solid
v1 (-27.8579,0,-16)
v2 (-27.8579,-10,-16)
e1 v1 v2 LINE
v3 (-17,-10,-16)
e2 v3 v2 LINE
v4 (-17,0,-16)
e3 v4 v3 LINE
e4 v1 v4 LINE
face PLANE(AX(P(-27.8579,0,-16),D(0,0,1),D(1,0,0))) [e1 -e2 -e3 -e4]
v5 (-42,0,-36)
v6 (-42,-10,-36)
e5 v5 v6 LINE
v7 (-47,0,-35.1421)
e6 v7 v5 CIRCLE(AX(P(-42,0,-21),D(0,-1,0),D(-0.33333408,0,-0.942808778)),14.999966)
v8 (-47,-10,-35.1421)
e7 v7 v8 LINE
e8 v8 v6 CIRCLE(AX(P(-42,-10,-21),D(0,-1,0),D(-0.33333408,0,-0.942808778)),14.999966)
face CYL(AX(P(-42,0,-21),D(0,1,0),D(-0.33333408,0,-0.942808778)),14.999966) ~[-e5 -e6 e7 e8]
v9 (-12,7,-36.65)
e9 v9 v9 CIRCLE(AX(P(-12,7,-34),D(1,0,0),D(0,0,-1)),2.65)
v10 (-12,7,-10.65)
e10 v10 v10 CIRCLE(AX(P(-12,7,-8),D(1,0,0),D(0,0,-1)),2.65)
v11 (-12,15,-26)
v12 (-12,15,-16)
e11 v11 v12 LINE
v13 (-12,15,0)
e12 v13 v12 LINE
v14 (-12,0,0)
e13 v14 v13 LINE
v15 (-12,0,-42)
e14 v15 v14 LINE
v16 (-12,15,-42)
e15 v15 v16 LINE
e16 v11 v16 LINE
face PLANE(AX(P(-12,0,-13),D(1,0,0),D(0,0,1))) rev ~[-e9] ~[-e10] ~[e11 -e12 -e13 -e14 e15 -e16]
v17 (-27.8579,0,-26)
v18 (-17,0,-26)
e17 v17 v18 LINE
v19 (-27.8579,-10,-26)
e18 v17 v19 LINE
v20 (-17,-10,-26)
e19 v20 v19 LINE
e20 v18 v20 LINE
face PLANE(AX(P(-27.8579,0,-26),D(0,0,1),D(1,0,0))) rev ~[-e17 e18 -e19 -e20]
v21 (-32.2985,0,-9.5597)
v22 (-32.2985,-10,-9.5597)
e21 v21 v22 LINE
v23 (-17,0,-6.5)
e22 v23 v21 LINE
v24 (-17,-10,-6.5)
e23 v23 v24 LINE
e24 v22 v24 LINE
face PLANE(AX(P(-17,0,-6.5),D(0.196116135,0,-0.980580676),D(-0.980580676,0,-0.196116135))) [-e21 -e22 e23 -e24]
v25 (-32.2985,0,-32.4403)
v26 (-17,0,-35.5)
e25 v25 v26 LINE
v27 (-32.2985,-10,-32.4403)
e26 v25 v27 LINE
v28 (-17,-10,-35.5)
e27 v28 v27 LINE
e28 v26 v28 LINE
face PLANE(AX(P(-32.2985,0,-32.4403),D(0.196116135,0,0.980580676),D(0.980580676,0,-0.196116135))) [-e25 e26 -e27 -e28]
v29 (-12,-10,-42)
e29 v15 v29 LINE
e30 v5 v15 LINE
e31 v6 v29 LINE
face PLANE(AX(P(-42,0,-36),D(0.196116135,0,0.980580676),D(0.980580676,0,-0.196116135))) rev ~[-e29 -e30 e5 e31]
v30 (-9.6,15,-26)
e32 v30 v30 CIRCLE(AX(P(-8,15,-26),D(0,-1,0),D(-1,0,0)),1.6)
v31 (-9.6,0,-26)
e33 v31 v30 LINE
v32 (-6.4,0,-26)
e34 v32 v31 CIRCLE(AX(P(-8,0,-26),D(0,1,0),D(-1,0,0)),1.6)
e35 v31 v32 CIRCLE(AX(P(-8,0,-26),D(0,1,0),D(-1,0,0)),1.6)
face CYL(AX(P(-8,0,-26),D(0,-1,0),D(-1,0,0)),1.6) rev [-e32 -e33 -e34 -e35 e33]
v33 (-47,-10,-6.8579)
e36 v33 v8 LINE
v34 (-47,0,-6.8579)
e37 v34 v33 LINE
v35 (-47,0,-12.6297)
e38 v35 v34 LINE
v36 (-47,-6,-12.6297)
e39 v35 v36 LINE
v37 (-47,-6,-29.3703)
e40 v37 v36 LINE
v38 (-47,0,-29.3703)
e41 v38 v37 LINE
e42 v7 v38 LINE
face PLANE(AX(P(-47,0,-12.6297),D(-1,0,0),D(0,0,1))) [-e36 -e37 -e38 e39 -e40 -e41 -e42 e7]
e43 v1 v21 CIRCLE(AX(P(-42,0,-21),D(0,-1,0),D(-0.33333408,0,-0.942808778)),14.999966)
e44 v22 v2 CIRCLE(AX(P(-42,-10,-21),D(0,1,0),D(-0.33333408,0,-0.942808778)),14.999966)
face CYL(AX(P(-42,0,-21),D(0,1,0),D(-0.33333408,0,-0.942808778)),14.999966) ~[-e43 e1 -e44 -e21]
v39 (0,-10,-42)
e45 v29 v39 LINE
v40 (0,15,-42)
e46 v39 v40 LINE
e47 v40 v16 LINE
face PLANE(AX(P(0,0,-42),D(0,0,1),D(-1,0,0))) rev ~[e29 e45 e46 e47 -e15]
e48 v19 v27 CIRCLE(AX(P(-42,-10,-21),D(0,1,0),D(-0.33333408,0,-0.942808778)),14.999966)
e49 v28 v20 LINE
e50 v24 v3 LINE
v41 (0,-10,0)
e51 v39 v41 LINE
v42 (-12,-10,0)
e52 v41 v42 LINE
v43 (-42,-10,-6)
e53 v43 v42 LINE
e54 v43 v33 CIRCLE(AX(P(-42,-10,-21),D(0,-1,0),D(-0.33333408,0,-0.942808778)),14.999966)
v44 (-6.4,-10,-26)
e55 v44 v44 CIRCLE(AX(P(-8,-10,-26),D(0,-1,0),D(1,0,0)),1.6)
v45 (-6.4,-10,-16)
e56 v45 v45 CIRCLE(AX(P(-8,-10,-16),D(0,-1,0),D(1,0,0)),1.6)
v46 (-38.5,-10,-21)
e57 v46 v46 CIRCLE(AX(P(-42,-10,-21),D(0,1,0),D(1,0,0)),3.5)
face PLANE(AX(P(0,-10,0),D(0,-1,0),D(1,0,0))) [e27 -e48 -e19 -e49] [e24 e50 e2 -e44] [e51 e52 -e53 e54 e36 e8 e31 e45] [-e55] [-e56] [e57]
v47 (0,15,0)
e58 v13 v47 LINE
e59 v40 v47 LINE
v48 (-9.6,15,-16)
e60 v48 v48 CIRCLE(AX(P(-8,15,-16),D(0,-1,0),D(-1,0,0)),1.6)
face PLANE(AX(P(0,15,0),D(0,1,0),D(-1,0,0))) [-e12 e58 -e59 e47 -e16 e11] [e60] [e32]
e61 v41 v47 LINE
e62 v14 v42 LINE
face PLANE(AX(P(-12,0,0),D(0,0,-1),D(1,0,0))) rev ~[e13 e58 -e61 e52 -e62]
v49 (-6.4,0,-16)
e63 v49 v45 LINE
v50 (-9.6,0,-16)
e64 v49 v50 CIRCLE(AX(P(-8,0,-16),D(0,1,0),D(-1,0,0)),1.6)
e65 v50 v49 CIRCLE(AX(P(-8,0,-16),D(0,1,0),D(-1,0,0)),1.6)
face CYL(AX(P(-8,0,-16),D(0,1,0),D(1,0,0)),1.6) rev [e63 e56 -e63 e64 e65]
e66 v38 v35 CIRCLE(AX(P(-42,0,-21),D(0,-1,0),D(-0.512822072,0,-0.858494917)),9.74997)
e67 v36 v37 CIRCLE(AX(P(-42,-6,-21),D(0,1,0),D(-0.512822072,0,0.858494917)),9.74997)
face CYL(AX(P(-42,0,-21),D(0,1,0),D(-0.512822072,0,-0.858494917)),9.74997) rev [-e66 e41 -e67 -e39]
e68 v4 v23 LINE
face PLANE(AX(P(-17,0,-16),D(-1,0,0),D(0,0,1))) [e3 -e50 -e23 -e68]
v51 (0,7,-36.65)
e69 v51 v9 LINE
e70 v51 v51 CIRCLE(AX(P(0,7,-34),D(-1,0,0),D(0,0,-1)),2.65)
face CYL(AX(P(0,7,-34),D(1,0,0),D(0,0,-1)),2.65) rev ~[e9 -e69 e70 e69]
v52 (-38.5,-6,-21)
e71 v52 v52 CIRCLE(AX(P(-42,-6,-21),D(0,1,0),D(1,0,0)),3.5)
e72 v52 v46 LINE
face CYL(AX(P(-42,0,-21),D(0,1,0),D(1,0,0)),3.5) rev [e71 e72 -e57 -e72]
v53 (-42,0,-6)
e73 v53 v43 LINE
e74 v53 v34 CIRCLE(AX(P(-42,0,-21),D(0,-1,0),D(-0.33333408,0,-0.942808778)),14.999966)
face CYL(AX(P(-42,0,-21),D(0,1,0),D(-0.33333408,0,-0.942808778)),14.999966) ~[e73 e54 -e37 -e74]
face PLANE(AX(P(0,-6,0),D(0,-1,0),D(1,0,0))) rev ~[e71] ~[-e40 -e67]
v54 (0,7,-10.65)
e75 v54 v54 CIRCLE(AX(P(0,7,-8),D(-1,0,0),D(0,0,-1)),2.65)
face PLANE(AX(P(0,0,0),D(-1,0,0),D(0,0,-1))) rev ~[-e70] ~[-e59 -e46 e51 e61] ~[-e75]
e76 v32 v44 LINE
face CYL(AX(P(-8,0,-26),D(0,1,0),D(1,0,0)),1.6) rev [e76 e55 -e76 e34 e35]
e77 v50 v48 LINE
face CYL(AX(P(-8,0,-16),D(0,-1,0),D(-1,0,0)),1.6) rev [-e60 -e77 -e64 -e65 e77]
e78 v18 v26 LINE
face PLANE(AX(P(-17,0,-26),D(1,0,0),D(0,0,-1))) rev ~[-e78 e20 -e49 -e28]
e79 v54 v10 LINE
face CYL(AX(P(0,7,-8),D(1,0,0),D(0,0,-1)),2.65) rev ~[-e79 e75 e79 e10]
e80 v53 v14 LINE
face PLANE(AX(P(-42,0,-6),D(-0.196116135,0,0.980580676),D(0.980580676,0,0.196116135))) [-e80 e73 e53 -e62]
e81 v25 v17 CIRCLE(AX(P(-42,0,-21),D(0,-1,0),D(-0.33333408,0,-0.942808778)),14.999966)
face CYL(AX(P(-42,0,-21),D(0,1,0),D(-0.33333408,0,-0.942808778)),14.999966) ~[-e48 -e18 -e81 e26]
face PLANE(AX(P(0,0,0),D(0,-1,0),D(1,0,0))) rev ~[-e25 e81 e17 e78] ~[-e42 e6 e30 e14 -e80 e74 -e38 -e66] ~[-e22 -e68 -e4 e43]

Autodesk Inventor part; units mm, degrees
ref_plane "YZ Plane" through (0, 0, 0) normal (1, 0, 0) x (0, 1, 0)
ref_plane "XZ Plane" through (0, 0, 0) normal (0, 1, 0) x (-1, 0, 0)
ref_plane "XY Plane" through (0, 0, 0) normal (0, 0, 1) x (1, 0, 0)
sketch "Sketch1" plane through (0, 0, 0) normal (0, 1, 0) x (-1, 0, 0)
  line L0 (0, 0) -> (0, -42)
  line L1 (0, -42) -> (12, -42)
  line L2 (12, -42) -> (12, 0)
  line L3 (12, 0) -> (0, 0)
  line L4 (0, -21) -> (0, -26)
  line L5 (0, -21) -> (0, -16)
  line L6 (0, -16) -> (0, -19)
  line L7 (0, -16) -> (0, -13)
  line L8 (0, -26) -> (0, -23)
  line L9 (0, -26) -> (0, -29)
  line L10 (0, -29) -> (12, -29)
  line L11 (0, -13) -> (12, -13)
  line L12 (6.4, -16) -> (12, -16)
  line L13 (6.4, -26) -> (12, -26)
  line L14 (12, -16) -> (8, -16)
  circle A0 centre (8, -16) radius 1.6
  circle A1 centre (8, -26) radius 1.6
  line L15 (12, -26) -> (8, -26)
  dimension "d9" = 3.2
  dimension "d10" = 3.2
  dimension "d0" = 42
  dimension "d1" = 12
  dimension "d2" = 5
  dimension "d3" = 5
  dimension "d4" = 3
  dimension "d5" = 3
  dimension "d6" = 3
  dimension "d7" = 3
  dimension "d8" = 4
extrude "Extrusion1" add sketch "Sketch1" along normal blind 15
sketch "Sketch2" plane through (0, 0, 0) normal (0, -1, 0) x (1, 0, 0)
  line L0 (-12, 0) -> (-12, -42)
  line L1 (-12, -42) -> (-12, 0) projected
  line L2 (-12, -21) -> (-42, -21)
  circle A0 centre (-42, -21) radius 3.5
  arc A1 (-47, -35.1421) -> (-47, -6.8579) centre (-42, -21) ccw
  line L3 (-42, -21) -> (-47, -21)
  line L4 (-47, -21) -> (-47, -35.1421)
  line L5 (-47, -21) -> (-47, -6.8579)
  line L6 (-42, -36) -> (-12, -42)
  line L7 (-42, -6) -> (-12, 0)
  line L8 (-12, -42) -> (0, -42)
  line L9 (0, -42) -> (0, 0)
  line L10 (0, 0) -> (0, -42) projected
  line L11 (0, 0) -> (-12, 0)
  circle A2 centre (-8, -16) radius 1.6 projected
  circle A3 centre (-8, -16) radius 1.6
  circle A4 centre (-8, -26) radius 1.6 projected
  circle A5 centre (-8, -26) radius 1.6
  line L12 (-12, -42) -> (-12, -36.5)
  line L13 (-12, 0) -> (-12, -5.5)
  line L14 (-17, -6.5) -> (-32.2985, -9.5597)
  line L15 (-32.2985, -32.4403) -> (-17, -35.5)
  circle A6 centre (-42, -21) radius 5
  line L16 (-12, -21) -> (-17, -21)
  line L17 (-17, -16) -> (-17, -6.5)
  line L18 (-17, -26) -> (-17, -35.5)
  line L19 (-42, -16) -> (-33.9223, -16)
  line L20 (-27.8579, -16) -> (-12, -16)
  line L21 (-42, -26) -> (-33.9223, -26)
  line L22 (-27.8579, -26) -> (-12, -26)
  arc A7 (-47, -29.3703) -> (-47, -12.6297) centre (-42, -21) ccw
  point P0 (-47, -12.9223)
  point P1 (-47, -29.0777)
  dimension "d13" = 30
  dimension "d14" = 7
  dimension "d16" = 30
  dimension "d17" = 5
  dimension "d30" = 5.5
  dimension "d31" = 5.5
  dimension "d32" = 10
  dimension "d33" = 5
  dimension "d36" = 19.5
extrude "Extrusion2" add sketch "Sketch2" along normal blind 10 contours L11 L9 L8 L0 | L0 L20 L17 L14 A1 L7 | A1 L2 A7 L5 | L0 L2 A1 L20 | L14 L17 L20 A1 | L0 L22 A1 L2 | A7 L2 A6 L5 | L6 A1 L15 L18 L22 L0 | A1 L4 A7 L2 | A6 L2 A0 L3 | A6 L2 A7 L4 | L3 A0 L2 A6 | L18 L15 A1 L22
sketch "Sketch3" plane through (0, 15, 0) normal (1, 0, 0) x (0, 0, -1)
  line L0 (0, -15) -> (42, -15)
  line L1 (42, -15) -> (0, -15) projected
  line L2 (21, -15) -> (34, -15)
  line L3 (34, -15) -> (34, -8)
  line L4 (21, -15) -> (8, -15)
  line L5 (8, -15) -> (8, -8)
  circle A0 centre (8, -8) radius 2.65
  circle A1 centre (34, -8) radius 2.65
  dimension "d22" = 13
  dimension "d23" = 7
  dimension "d24" = 13
  dimension "d25" = 7
  dimension "d26" = 5.3
  dimension "d27" = 5.3
extrude "Extrusion4" cut sketch "Sketch3" against normal blind 15
extrude "Extrusion5" cut sketch "Sketch2" along normal blind 15 contours L14 L17 L20 A1 | L18 L15 A1 L22
extrude "Extrusion6" cut sketch "Sketch2" along normal blind 6 contours A7 L2 A6 L5 | A6 L2 A0 L3 | A6 L2 A7 L4 | L3 A0 L2 A6
properties part number "servo_clip_holder2"
